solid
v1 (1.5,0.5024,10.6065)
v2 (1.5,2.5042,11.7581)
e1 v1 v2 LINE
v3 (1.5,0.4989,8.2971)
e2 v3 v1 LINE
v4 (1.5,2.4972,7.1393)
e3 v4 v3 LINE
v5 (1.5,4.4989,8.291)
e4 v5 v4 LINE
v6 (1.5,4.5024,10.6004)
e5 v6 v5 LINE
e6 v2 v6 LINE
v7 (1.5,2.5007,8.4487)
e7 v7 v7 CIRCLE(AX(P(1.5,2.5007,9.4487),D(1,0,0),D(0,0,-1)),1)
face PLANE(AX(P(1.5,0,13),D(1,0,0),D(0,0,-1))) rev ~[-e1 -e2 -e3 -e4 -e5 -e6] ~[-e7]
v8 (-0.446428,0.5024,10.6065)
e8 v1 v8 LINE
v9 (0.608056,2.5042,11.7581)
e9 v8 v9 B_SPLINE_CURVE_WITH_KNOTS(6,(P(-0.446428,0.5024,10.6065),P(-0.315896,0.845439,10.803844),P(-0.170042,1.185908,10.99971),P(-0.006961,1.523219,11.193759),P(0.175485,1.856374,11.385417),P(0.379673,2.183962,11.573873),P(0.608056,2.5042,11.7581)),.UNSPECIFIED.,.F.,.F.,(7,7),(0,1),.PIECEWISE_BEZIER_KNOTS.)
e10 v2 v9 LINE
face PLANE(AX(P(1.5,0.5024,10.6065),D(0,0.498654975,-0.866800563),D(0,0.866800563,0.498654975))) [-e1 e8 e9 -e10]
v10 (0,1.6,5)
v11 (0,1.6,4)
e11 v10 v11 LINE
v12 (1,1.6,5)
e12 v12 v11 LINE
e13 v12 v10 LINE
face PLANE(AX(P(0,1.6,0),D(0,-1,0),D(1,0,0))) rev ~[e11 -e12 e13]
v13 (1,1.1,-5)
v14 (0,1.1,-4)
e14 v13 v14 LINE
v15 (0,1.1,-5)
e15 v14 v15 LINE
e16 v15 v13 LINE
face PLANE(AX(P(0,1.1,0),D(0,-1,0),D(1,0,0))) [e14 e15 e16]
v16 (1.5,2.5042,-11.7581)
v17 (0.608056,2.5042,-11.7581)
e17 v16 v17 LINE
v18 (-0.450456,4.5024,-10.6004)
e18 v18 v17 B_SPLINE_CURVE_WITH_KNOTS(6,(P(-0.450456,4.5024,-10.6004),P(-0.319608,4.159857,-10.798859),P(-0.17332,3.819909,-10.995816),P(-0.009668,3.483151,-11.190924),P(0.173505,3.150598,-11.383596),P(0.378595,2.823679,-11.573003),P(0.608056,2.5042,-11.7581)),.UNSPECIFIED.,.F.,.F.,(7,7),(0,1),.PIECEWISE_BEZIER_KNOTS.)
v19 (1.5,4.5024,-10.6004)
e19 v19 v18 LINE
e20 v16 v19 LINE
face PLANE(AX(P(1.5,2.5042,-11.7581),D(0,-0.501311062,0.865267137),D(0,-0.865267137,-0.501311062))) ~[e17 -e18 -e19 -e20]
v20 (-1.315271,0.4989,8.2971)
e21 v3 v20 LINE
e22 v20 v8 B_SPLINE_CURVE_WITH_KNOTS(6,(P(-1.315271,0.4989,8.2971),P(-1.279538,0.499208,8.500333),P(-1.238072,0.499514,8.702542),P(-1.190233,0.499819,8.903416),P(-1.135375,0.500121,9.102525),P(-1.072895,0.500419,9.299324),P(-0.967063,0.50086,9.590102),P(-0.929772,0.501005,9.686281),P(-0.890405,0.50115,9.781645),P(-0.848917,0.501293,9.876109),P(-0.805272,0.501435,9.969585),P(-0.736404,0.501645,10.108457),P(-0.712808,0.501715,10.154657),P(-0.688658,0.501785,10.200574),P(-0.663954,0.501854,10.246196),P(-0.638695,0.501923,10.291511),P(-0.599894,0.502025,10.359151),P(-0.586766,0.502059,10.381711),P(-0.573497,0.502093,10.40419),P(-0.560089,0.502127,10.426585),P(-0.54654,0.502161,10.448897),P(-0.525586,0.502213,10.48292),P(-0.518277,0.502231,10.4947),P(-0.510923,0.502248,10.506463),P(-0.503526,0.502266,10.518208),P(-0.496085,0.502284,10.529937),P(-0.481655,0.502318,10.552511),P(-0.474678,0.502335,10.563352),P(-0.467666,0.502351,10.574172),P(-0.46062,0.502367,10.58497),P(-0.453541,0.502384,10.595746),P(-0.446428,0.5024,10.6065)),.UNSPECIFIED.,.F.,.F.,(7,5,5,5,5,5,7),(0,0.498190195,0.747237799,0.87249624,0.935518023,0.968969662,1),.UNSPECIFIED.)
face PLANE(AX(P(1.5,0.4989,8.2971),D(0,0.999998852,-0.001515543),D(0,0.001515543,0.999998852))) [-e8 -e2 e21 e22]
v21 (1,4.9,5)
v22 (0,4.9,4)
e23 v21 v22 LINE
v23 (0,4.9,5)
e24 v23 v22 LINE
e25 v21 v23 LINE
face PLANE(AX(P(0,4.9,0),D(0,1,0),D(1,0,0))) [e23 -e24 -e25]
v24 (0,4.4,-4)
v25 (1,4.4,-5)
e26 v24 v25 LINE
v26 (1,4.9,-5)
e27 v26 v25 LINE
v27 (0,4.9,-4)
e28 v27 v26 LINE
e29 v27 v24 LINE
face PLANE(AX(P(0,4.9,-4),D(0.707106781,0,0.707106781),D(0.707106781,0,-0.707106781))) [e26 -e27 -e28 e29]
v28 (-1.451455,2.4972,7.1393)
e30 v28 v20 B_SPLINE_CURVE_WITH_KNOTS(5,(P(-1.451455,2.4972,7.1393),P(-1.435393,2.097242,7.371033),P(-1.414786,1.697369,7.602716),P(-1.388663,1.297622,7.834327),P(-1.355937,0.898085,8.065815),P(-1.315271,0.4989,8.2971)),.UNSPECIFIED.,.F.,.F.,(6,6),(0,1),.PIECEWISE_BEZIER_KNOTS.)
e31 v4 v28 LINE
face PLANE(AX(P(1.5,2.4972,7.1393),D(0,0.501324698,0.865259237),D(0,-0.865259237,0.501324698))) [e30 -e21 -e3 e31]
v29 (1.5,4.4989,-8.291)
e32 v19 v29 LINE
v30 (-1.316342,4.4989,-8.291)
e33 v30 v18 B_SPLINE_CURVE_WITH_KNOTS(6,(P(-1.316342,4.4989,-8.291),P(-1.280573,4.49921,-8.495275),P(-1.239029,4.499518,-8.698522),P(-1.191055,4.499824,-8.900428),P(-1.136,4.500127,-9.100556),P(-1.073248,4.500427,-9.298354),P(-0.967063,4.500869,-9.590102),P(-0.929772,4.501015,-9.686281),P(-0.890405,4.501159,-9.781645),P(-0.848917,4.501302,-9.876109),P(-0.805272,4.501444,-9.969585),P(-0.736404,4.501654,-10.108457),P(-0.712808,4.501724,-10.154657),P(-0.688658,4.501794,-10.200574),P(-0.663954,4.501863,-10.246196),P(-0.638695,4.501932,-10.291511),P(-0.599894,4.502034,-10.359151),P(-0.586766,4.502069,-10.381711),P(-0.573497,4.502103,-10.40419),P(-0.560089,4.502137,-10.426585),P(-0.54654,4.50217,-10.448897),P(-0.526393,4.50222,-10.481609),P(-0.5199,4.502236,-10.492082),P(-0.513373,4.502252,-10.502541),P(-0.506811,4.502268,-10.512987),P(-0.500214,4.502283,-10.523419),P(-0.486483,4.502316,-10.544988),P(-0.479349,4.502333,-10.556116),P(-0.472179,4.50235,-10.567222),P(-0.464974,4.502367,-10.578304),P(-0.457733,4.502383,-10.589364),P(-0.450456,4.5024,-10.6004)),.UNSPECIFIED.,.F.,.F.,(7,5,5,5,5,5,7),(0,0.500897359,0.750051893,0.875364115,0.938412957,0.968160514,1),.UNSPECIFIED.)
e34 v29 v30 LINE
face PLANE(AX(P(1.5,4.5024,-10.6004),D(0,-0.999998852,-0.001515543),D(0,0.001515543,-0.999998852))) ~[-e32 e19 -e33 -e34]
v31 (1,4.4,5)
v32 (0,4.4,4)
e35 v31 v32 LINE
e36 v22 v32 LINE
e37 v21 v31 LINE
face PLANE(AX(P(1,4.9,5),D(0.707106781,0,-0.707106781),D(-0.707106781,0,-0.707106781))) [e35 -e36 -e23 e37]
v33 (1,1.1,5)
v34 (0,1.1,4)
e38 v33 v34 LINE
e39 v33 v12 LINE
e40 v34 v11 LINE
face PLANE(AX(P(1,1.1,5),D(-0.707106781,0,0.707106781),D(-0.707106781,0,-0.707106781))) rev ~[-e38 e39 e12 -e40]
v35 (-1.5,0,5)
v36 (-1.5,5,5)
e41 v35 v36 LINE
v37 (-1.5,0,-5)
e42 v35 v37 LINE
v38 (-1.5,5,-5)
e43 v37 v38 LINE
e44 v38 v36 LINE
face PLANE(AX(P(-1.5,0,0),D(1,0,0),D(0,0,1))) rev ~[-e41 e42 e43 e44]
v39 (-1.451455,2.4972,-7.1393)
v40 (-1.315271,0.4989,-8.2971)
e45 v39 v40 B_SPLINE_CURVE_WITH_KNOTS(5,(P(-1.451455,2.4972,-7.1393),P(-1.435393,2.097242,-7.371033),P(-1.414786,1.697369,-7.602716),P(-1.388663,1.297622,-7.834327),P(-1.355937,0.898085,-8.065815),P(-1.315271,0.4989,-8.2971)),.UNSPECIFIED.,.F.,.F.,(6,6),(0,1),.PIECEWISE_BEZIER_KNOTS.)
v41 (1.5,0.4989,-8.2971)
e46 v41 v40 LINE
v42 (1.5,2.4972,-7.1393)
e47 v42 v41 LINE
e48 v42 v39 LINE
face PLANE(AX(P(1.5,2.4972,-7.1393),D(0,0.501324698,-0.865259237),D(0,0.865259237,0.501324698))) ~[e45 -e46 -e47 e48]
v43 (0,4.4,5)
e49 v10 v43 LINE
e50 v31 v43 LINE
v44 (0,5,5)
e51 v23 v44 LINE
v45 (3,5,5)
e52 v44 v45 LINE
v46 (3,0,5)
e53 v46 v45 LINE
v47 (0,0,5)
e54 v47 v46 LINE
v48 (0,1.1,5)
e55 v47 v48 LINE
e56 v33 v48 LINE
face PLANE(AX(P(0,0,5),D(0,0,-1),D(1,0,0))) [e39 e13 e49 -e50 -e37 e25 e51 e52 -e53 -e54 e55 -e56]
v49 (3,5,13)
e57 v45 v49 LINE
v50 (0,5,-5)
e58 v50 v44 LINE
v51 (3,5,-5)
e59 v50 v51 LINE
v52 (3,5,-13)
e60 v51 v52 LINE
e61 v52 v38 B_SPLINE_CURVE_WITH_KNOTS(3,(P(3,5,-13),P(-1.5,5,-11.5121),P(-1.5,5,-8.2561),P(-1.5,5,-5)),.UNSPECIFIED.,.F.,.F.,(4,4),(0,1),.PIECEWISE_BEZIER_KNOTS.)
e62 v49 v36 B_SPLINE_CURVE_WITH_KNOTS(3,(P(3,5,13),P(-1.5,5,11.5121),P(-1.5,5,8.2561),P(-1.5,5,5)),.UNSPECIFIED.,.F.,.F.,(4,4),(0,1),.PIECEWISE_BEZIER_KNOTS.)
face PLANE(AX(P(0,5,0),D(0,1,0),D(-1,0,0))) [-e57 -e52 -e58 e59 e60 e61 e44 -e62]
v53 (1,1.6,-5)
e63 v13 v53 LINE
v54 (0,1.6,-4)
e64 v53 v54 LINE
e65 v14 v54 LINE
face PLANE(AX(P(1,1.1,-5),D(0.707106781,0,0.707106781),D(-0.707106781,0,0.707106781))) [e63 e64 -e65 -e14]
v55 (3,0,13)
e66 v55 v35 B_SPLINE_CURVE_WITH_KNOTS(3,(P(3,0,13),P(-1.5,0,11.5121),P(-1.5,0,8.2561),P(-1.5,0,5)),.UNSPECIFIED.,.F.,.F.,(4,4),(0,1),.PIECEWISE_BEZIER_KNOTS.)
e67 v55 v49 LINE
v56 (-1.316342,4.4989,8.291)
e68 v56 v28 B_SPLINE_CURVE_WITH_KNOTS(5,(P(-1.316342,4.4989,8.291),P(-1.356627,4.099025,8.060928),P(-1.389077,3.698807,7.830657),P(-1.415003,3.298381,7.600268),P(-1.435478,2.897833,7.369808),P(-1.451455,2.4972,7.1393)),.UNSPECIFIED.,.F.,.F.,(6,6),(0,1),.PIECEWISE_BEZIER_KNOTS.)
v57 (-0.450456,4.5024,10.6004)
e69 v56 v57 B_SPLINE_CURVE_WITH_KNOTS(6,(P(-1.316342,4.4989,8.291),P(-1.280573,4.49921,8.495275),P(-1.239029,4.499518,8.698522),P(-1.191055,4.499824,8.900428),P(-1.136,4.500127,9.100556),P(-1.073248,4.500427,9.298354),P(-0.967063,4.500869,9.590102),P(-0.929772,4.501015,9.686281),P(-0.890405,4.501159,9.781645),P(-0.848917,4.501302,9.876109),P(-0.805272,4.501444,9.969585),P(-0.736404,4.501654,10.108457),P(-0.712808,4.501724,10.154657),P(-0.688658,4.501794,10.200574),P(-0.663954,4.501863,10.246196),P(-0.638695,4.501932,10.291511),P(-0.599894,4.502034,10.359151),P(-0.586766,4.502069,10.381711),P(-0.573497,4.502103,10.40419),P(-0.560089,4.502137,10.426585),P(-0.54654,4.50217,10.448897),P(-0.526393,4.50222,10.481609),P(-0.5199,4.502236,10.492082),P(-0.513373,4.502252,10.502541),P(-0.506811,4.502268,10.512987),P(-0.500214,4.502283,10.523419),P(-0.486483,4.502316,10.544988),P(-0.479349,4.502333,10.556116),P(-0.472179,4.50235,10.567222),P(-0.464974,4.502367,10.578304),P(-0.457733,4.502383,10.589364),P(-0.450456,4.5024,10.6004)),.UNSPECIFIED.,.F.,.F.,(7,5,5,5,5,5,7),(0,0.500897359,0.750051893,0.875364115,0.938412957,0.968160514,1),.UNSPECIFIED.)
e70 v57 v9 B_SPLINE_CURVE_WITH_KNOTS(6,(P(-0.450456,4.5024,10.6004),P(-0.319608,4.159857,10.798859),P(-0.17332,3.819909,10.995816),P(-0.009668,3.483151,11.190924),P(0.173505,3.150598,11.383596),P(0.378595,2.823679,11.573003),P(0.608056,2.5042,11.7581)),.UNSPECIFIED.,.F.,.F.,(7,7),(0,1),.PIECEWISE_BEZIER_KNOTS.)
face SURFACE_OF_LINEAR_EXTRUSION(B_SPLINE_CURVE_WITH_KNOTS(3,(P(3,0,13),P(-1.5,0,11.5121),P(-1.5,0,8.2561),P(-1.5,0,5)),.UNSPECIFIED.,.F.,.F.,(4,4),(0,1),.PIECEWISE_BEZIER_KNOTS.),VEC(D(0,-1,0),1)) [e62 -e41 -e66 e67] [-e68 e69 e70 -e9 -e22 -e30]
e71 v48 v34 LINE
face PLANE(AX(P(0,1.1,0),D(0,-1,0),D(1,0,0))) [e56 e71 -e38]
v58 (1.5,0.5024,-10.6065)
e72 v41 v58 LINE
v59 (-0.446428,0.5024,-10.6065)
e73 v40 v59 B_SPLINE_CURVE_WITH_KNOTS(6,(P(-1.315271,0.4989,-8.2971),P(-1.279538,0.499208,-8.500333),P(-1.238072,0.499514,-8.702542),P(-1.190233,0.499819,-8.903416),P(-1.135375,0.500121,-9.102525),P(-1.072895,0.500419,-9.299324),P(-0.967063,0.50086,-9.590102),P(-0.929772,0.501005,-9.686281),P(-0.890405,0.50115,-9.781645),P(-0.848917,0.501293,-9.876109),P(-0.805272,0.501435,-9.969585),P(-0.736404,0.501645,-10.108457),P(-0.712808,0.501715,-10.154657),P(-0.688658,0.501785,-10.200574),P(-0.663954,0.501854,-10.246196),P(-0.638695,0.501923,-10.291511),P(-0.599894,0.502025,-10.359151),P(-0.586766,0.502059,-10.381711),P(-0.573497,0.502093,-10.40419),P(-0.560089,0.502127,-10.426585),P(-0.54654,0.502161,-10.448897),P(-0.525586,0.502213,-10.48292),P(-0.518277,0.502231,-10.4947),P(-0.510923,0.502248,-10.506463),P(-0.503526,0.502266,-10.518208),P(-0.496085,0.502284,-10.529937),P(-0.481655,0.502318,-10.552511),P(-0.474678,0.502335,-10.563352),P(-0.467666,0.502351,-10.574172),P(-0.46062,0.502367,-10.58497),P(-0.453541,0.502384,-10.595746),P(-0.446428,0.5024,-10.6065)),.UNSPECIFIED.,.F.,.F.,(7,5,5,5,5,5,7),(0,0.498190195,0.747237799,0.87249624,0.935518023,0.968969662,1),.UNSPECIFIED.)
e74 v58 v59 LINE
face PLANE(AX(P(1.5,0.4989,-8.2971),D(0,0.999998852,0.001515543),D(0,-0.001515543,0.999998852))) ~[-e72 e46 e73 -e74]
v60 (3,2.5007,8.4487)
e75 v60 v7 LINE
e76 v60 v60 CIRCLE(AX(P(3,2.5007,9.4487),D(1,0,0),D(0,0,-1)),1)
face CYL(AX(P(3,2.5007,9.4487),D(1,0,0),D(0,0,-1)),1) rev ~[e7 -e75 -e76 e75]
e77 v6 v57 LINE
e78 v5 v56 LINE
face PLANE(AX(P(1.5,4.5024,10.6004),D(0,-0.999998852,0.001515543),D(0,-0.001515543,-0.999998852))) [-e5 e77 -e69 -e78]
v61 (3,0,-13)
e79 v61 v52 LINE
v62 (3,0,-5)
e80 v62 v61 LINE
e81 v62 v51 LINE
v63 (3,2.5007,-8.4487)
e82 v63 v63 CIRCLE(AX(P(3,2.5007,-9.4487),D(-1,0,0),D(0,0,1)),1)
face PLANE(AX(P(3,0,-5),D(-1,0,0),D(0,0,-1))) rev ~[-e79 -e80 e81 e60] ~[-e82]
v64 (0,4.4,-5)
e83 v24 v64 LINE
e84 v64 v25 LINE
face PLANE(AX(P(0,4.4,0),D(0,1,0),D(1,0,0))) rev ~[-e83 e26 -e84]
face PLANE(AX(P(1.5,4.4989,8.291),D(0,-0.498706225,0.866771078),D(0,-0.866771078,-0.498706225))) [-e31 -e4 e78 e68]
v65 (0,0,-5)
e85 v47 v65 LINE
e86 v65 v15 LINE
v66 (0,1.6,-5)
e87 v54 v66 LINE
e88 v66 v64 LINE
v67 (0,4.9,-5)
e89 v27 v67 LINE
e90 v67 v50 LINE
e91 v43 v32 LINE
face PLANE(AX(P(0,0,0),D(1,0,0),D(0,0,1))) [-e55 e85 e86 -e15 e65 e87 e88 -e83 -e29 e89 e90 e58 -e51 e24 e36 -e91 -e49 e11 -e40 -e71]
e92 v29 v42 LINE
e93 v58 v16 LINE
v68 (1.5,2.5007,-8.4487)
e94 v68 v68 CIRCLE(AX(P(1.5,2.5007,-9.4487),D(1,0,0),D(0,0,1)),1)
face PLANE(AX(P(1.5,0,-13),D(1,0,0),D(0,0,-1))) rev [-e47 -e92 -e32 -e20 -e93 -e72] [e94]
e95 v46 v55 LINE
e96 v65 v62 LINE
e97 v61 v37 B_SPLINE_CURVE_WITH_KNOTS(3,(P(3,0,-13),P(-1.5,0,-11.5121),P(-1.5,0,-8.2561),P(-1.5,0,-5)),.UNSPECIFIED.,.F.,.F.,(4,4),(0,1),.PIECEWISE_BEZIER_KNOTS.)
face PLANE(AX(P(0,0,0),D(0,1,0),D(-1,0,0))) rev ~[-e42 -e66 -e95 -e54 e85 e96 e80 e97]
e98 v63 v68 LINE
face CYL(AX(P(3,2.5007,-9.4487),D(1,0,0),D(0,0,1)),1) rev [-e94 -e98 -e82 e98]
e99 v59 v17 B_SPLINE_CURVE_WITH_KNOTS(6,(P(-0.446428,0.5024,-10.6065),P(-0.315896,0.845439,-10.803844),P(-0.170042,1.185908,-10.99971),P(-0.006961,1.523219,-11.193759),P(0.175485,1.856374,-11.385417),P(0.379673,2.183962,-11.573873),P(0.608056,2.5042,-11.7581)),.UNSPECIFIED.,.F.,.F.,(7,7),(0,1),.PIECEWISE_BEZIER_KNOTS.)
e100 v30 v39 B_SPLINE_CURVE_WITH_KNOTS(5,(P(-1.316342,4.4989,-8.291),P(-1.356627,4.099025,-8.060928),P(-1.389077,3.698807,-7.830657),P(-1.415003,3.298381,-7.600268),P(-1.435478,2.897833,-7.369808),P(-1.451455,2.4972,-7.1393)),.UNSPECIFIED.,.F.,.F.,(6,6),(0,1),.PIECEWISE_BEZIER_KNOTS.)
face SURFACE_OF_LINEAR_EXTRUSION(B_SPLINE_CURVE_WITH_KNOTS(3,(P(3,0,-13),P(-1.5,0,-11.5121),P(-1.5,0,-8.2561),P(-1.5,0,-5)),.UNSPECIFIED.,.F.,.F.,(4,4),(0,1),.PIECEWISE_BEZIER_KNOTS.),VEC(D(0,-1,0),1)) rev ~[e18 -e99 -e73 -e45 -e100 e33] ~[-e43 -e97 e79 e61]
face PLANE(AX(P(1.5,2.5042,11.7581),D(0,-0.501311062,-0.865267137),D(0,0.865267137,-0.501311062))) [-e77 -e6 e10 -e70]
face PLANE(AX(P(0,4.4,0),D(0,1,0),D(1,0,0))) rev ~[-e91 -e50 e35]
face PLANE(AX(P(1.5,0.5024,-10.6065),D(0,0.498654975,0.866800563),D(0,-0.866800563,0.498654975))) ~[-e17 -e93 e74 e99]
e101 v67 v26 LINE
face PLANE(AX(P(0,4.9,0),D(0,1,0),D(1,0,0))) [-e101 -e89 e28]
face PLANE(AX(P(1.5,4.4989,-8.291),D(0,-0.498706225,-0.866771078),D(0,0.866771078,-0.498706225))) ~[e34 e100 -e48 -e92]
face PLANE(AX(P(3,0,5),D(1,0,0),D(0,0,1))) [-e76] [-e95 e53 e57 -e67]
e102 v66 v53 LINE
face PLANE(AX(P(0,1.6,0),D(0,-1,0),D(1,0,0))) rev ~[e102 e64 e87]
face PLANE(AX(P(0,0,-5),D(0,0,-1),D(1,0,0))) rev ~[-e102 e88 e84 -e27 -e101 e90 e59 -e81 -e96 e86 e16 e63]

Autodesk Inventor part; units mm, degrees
sketch "Sketch1" plane through (0, 0, 0) normal (0, 1, 0) x (-1, 0, 0)
  line L0 (0, 0) -> (0, -5)
  line L1 (0, 0) -> (0, 5)
  line L2 (0, 5) -> (-3, 5)
  line L3 (0, -5) -> (-3, -5)
  line L4 (-3, 5) -> (-3, 13)
  line L5 (-3, -5) -> (-3, -13)
  line L6 (1.5, 0) -> (1.5, -5)
  line L7 (1.5, 0) -> (1.5, 5)
  spline S0 degree 3 poles (-3, 13) (1.5, 11.5121) (1.5, 8.2561) (1.5, 5) knots 0 0 0 0 1 1 1 1
  spline S1 degree 3 poles (-3, -13) (1.5, -11.5121) (1.5, -8.2561) (1.5, -5) knots 0 0 0 0 1 1 1 1
  point P0 (-3, 9)
  point P1 (-3, -9)
  dimension "d0" = 5
  dimension "d1" = 5
  dimension "d2" = 3
  dimension "d3" = 3
  dimension "d4" = 8
  dimension "d5" = 8
  dimension "d6" = 5
  dimension "d7" = 5
extrude "Extrusion1" add sketch "Sketch1" along normal blind 5
sketch "Sketch2" plane through (3, 0, 13) normal (1, 0, 0) x (0, 0, -1)
  circle A0 centre (3.5513, 2.5007) radius 1
  line L0 (13, 0) -> (13, 5)
  line L1 (8, 5) -> (18, 5) projected
  line L2 (4.7093, 4.4988) -> (5.8606, 2.4969)
  line L3 (5.8606, 2.4969) -> (4.7026, 0.4988)
  line L4 (4.7026, 0.4988) -> (2.3933, 0.5026)
  line L5 (2.3933, 0.5026) -> (1.2419, 2.5045)
  line L6 (1.2419, 2.5045) -> (2.3999, 4.5026)
  line L7 (2.3999, 4.5026) -> (4.7093, 4.4988)
  point P0 (22, 2.5)
  dimension "d12" = 2
  dimension "d33" = 4
extrude "Extrusion2" cut sketch "Sketch2" against normal blind 2 contours A0
ref_plane "Work Plane3" through (1.5, 0, 13) normal (1, 0, 0) x (0, 0, -1)
sketch "Sketch3" plane through (1.5, 0, 13) normal (1, 0, 0) x (0, 0, -1)
  circle A0 centre (3.5513, 2.5007) radius 1 projected
  circle A1 centre (3.5513, 2.5007) radius 1 projected
  line L0 (0, 0) -> (8, 0) projected
  line L1 (8, 0) -> (8, 5) projected
  line L2 (0, 5) -> (8, 5) projected
  line L3 (0, 0) -> (0, 5) projected
  line L4 (2.3935, 0.5024) -> (1.2419, 2.5042) projected
  line L5 (1.2419, 2.5042) -> (2.3996, 4.5024) projected
  line L6 (2.3996, 4.5024) -> (4.709, 4.4989) projected
  line L7 (4.709, 4.4989) -> (5.8607, 2.4972) projected
  line L8 (5.8607, 2.4972) -> (4.7029, 0.4989) projected
  line L9 (4.7029, 0.4989) -> (2.3935, 0.5024) projected
  circle A2 centre (3.5513, 2.5007) radius 1 projected
  point P0 (13, 0)
extrude "Extrusion3" cut sketch "Sketch3" against normal blind 10 contours A0 | L4 L5 L6 L7 L8 L9
ref_plane "Work Plane5" through (3, 0, 0) normal (0, 0, 1) x (0, 1, 0)
mirror "Mirror1" about plane through (3, 0, 0) normal (0, 0, 1) of "Extrusion2", "Extrusion3"
ref_plane "Work Plane6" through (0, 1.1, 0) normal (0, -1, 0) x (1, 0, 0)
sketch "Sketch5" plane through (0, 1.1, 0) normal (0, -1, 0) x (1, 0, 0)
  line L0 (3, 5) -> (0, 5) projected
  line L1 (0, 5) -> (0, -5) projected
  line L2 (1, 5) -> (0, 4)
  line L3 (0, -5) -> (3, -5) projected
  line L4 (1, -5) -> (0, -4)
  point P0 (0, 0)
extrude "Extrusion4" add sketch "Sketch5" against normal blind 0.5
ref_plane "Work Plane7" through (0, 4.9, 0) normal (0, 1, 0) x (1, 0, 0)
sketch "Sketch6" plane through (0, 4.9, 0) normal (0, 1, 0) x (1, 0, 0)
  line L0 (1, -5) -> (0, -5) projected
  line L1 (1, -5) -> (0, -4) projected
  line L2 (0, -5) -> (0, -4) projected
  line L3 (0, 4) -> (0, 5) projected
  line L4 (0, 4) -> (1, 5) projected
  line L5 (0, 5) -> (1, 5) projected
  point P0 (0, 0)
extrude "Extrusion5" add sketch "Sketch6" against normal blind 0.5
properties part number "top_mount"
